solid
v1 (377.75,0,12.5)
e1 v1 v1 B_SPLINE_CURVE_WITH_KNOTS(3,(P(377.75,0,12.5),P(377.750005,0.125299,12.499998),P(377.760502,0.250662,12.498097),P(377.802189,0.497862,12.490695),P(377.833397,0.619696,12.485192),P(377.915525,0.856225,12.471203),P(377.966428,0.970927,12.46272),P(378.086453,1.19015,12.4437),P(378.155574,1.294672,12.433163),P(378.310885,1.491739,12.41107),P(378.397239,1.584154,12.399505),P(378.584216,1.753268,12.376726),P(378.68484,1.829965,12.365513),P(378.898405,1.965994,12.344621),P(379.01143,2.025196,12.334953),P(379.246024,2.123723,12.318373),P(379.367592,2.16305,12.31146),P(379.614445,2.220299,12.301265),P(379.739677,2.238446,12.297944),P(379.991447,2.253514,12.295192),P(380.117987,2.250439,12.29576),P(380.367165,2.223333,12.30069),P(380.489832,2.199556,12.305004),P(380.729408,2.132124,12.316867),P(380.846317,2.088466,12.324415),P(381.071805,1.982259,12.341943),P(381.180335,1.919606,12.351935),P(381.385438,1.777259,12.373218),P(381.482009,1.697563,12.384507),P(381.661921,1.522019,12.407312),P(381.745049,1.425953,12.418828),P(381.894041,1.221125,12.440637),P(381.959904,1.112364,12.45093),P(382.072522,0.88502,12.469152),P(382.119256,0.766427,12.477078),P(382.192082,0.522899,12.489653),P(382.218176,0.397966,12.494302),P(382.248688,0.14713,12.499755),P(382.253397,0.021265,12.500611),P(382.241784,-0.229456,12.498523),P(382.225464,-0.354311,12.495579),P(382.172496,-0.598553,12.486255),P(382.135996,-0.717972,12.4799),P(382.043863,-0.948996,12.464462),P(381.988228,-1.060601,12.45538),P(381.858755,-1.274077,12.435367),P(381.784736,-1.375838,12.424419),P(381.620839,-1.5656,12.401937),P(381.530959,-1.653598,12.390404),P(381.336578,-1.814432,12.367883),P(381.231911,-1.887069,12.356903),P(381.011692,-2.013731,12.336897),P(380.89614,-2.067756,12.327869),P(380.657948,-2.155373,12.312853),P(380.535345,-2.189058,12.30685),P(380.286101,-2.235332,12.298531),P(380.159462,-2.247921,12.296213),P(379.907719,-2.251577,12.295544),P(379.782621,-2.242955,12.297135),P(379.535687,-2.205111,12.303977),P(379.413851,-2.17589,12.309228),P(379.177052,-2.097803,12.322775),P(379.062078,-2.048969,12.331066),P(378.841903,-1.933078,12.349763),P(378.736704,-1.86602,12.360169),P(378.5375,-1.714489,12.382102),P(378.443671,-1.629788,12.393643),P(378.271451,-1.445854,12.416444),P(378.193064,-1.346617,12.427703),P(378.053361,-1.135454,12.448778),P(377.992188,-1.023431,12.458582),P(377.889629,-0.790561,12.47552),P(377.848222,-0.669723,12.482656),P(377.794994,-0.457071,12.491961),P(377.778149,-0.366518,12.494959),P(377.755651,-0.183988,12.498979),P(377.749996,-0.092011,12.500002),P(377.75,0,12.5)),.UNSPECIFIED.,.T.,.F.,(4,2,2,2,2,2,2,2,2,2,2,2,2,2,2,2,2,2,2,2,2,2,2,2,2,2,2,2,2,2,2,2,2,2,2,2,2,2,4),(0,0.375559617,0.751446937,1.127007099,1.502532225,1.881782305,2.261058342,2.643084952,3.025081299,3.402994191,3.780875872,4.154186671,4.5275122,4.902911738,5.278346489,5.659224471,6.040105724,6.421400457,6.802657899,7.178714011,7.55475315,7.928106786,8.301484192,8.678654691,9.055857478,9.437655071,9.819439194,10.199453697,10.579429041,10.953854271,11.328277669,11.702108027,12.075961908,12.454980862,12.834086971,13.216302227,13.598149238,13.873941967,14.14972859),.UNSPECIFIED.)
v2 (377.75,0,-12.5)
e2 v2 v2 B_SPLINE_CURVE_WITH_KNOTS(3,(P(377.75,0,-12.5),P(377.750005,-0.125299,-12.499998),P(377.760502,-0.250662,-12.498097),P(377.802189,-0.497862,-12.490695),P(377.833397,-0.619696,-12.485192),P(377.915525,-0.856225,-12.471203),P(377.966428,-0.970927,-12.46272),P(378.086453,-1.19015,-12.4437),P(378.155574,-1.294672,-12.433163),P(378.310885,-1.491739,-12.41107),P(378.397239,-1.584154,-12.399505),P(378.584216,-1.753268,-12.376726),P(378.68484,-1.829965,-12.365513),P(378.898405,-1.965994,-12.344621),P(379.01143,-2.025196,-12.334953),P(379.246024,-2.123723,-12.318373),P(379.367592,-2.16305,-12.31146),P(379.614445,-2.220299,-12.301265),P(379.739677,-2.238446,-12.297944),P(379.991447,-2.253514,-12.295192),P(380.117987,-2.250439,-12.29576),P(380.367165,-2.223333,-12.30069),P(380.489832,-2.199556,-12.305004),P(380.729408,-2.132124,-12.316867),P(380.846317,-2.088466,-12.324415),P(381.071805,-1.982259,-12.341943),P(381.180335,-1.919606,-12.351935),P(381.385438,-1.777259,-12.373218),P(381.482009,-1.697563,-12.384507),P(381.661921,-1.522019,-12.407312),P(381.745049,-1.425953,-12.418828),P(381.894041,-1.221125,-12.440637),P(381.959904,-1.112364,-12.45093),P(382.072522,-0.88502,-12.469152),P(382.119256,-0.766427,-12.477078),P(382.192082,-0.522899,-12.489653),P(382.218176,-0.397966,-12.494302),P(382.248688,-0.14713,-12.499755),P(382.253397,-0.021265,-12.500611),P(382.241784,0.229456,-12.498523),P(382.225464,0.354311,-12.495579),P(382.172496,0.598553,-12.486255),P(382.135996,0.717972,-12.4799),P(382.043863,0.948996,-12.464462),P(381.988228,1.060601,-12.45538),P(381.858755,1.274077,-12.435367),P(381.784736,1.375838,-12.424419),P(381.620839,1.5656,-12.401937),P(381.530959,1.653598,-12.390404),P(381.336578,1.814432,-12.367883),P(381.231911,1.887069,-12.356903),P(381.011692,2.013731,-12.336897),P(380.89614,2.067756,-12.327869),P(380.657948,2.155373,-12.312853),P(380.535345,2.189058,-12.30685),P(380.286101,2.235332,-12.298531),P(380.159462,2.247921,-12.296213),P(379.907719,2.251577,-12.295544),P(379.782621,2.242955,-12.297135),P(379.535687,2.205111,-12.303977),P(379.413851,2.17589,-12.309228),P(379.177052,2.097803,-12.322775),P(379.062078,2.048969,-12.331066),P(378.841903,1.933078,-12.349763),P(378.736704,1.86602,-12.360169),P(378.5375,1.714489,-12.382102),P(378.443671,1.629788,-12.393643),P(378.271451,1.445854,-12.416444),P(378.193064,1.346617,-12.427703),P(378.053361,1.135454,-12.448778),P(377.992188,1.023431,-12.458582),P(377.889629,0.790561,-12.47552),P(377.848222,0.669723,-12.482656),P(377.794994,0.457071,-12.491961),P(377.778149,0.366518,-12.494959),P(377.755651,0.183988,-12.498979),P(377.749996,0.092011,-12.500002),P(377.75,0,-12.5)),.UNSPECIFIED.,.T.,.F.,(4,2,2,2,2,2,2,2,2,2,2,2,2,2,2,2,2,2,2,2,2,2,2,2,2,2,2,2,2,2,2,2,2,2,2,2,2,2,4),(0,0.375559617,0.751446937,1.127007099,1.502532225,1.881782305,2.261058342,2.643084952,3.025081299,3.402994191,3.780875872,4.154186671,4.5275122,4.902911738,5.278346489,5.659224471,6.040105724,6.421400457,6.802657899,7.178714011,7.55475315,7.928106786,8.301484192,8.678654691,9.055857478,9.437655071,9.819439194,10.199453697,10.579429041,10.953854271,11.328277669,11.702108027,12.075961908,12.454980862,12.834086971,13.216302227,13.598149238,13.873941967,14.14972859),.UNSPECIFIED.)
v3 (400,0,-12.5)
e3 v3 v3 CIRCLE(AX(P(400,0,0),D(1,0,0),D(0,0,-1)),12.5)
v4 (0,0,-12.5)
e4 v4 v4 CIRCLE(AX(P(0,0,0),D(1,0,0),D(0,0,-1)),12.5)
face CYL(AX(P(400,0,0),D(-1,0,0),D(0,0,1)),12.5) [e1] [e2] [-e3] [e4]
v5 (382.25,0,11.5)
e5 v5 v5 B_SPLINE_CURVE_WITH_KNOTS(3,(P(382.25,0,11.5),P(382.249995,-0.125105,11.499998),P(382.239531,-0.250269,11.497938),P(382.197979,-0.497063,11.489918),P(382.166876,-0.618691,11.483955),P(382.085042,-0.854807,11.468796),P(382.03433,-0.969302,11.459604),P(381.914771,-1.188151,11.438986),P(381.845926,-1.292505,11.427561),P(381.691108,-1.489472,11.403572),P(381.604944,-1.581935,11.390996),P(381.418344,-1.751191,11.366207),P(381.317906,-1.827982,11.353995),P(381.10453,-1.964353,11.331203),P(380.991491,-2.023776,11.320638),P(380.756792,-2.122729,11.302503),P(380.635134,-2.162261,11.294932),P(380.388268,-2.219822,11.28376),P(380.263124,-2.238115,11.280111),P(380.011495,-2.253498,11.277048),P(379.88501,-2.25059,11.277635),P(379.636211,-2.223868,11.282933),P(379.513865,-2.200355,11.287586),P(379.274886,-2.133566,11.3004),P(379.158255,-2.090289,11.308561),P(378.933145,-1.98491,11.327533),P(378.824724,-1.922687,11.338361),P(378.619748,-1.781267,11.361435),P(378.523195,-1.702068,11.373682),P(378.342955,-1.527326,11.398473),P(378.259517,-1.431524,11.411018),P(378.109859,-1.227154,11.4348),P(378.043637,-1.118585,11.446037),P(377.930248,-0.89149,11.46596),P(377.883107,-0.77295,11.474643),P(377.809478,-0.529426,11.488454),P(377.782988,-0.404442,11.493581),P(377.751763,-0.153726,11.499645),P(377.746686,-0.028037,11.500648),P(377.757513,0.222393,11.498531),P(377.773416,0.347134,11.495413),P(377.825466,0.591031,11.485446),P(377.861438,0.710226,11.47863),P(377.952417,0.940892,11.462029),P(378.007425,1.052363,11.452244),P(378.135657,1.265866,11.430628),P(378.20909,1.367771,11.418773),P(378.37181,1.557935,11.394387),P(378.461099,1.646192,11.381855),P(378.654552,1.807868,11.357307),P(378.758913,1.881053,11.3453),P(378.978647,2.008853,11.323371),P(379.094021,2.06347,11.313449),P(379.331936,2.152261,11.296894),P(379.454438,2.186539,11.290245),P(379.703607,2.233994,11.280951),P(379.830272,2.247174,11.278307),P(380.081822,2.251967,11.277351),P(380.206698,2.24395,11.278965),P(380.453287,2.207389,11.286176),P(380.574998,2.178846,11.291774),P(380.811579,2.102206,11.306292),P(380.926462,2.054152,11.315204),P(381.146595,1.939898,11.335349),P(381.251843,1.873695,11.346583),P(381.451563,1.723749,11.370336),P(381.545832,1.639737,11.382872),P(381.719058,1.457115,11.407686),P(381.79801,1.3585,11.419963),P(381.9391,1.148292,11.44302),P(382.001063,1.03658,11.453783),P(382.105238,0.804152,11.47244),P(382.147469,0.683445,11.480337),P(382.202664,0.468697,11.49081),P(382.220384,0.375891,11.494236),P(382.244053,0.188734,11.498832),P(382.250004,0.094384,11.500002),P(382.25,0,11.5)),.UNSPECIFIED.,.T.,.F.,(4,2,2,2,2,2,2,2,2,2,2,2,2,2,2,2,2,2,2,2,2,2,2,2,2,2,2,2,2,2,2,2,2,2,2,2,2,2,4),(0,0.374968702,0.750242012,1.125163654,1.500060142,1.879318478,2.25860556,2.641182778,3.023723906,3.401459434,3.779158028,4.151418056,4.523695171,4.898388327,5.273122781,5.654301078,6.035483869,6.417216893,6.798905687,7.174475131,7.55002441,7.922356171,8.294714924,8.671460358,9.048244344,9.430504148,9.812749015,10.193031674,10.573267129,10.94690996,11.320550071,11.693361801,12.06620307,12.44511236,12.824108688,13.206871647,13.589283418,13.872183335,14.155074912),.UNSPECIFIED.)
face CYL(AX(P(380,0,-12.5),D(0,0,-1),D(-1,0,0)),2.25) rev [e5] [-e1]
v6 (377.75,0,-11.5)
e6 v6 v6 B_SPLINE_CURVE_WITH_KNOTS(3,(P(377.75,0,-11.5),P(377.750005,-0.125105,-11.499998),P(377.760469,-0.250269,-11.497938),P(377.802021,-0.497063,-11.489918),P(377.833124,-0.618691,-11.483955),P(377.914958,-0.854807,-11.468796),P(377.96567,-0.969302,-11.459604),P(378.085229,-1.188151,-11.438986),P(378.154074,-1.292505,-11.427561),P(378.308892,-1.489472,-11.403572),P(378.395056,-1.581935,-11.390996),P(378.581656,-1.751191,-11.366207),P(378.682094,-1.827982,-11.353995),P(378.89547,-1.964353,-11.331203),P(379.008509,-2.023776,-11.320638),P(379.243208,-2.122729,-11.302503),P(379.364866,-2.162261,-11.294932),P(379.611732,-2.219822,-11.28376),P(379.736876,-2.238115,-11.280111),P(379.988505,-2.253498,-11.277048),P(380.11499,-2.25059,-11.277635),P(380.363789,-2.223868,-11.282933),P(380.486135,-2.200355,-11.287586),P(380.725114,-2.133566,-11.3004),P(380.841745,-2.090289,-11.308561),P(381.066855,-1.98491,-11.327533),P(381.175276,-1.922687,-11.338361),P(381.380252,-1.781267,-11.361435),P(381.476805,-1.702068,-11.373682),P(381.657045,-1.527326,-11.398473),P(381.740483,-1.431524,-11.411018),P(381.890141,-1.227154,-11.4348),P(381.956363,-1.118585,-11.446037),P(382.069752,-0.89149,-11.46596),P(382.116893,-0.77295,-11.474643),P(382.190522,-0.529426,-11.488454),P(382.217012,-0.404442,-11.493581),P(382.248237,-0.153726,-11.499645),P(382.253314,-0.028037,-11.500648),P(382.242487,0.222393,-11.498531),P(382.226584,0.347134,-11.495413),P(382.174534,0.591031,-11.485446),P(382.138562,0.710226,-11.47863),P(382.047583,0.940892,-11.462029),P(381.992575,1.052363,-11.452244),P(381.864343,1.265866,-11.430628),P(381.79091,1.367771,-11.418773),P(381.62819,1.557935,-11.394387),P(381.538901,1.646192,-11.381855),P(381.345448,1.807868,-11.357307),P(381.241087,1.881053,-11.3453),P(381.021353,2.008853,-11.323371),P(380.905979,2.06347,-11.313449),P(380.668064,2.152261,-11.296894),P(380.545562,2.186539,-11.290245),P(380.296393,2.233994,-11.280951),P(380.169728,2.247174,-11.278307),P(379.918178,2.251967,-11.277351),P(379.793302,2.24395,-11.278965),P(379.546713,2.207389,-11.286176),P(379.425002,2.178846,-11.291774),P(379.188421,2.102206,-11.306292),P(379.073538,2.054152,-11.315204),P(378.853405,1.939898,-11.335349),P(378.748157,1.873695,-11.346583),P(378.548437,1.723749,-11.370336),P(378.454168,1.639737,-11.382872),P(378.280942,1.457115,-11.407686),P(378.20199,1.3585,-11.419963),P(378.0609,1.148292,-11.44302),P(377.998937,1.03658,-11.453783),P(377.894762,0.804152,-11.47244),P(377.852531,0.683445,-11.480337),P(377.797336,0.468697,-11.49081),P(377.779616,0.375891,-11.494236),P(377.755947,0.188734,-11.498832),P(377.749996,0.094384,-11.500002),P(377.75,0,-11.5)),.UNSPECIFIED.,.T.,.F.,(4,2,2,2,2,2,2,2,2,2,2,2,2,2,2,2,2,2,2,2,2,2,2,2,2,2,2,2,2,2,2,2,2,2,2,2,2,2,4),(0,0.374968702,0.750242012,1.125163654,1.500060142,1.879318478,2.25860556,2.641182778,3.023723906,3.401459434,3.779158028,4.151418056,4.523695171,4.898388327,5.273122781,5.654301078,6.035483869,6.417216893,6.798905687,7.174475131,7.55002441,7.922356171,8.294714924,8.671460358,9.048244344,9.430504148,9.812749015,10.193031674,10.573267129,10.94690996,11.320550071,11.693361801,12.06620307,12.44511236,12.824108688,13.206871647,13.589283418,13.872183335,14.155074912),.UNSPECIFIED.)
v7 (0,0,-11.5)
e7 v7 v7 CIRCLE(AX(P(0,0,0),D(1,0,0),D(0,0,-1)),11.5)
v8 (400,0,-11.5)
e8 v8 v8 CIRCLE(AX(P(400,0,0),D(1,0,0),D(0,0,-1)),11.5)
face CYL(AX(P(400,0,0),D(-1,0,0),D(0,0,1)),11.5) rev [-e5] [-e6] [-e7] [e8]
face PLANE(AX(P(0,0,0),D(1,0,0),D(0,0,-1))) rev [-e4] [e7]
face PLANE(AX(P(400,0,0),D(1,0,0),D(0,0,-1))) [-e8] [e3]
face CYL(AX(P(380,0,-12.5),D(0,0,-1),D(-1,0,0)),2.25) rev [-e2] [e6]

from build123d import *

# Parameters (mm, degrees)
SKETCH2_R            = 12.5
SKETCH2_R_2          = 11.5
BOSS_EXTRUDE1_DEPTH  = 400
M4_CLEARANCE_HOLE1_D = 4.5


with BuildPart() as part:
    # Sketch2 → Boss-Extrude1 (new body)
    with BuildSketch(Plane(origin=(0, 0, 0), x_dir=(0, 0, -1), z_dir=(1, 0, 0))):
        Circle(SKETCH2_R)
        Circle(SKETCH2_R_2, mode=Mode.SUBTRACT)
    extrude(amount=BOSS_EXTRUDE1_DEPTH)

    # M4 Clearance Hole1 (through all)
    with Locations(Plane(origin=(0, 0, -12.5), x_dir=(1, 0, 0), z_dir=(0, 0, -1))):
        with Locations((380, 0)):
            Hole(M4_CLEARANCE_HOLE1_D / 2)


solid = part.part
